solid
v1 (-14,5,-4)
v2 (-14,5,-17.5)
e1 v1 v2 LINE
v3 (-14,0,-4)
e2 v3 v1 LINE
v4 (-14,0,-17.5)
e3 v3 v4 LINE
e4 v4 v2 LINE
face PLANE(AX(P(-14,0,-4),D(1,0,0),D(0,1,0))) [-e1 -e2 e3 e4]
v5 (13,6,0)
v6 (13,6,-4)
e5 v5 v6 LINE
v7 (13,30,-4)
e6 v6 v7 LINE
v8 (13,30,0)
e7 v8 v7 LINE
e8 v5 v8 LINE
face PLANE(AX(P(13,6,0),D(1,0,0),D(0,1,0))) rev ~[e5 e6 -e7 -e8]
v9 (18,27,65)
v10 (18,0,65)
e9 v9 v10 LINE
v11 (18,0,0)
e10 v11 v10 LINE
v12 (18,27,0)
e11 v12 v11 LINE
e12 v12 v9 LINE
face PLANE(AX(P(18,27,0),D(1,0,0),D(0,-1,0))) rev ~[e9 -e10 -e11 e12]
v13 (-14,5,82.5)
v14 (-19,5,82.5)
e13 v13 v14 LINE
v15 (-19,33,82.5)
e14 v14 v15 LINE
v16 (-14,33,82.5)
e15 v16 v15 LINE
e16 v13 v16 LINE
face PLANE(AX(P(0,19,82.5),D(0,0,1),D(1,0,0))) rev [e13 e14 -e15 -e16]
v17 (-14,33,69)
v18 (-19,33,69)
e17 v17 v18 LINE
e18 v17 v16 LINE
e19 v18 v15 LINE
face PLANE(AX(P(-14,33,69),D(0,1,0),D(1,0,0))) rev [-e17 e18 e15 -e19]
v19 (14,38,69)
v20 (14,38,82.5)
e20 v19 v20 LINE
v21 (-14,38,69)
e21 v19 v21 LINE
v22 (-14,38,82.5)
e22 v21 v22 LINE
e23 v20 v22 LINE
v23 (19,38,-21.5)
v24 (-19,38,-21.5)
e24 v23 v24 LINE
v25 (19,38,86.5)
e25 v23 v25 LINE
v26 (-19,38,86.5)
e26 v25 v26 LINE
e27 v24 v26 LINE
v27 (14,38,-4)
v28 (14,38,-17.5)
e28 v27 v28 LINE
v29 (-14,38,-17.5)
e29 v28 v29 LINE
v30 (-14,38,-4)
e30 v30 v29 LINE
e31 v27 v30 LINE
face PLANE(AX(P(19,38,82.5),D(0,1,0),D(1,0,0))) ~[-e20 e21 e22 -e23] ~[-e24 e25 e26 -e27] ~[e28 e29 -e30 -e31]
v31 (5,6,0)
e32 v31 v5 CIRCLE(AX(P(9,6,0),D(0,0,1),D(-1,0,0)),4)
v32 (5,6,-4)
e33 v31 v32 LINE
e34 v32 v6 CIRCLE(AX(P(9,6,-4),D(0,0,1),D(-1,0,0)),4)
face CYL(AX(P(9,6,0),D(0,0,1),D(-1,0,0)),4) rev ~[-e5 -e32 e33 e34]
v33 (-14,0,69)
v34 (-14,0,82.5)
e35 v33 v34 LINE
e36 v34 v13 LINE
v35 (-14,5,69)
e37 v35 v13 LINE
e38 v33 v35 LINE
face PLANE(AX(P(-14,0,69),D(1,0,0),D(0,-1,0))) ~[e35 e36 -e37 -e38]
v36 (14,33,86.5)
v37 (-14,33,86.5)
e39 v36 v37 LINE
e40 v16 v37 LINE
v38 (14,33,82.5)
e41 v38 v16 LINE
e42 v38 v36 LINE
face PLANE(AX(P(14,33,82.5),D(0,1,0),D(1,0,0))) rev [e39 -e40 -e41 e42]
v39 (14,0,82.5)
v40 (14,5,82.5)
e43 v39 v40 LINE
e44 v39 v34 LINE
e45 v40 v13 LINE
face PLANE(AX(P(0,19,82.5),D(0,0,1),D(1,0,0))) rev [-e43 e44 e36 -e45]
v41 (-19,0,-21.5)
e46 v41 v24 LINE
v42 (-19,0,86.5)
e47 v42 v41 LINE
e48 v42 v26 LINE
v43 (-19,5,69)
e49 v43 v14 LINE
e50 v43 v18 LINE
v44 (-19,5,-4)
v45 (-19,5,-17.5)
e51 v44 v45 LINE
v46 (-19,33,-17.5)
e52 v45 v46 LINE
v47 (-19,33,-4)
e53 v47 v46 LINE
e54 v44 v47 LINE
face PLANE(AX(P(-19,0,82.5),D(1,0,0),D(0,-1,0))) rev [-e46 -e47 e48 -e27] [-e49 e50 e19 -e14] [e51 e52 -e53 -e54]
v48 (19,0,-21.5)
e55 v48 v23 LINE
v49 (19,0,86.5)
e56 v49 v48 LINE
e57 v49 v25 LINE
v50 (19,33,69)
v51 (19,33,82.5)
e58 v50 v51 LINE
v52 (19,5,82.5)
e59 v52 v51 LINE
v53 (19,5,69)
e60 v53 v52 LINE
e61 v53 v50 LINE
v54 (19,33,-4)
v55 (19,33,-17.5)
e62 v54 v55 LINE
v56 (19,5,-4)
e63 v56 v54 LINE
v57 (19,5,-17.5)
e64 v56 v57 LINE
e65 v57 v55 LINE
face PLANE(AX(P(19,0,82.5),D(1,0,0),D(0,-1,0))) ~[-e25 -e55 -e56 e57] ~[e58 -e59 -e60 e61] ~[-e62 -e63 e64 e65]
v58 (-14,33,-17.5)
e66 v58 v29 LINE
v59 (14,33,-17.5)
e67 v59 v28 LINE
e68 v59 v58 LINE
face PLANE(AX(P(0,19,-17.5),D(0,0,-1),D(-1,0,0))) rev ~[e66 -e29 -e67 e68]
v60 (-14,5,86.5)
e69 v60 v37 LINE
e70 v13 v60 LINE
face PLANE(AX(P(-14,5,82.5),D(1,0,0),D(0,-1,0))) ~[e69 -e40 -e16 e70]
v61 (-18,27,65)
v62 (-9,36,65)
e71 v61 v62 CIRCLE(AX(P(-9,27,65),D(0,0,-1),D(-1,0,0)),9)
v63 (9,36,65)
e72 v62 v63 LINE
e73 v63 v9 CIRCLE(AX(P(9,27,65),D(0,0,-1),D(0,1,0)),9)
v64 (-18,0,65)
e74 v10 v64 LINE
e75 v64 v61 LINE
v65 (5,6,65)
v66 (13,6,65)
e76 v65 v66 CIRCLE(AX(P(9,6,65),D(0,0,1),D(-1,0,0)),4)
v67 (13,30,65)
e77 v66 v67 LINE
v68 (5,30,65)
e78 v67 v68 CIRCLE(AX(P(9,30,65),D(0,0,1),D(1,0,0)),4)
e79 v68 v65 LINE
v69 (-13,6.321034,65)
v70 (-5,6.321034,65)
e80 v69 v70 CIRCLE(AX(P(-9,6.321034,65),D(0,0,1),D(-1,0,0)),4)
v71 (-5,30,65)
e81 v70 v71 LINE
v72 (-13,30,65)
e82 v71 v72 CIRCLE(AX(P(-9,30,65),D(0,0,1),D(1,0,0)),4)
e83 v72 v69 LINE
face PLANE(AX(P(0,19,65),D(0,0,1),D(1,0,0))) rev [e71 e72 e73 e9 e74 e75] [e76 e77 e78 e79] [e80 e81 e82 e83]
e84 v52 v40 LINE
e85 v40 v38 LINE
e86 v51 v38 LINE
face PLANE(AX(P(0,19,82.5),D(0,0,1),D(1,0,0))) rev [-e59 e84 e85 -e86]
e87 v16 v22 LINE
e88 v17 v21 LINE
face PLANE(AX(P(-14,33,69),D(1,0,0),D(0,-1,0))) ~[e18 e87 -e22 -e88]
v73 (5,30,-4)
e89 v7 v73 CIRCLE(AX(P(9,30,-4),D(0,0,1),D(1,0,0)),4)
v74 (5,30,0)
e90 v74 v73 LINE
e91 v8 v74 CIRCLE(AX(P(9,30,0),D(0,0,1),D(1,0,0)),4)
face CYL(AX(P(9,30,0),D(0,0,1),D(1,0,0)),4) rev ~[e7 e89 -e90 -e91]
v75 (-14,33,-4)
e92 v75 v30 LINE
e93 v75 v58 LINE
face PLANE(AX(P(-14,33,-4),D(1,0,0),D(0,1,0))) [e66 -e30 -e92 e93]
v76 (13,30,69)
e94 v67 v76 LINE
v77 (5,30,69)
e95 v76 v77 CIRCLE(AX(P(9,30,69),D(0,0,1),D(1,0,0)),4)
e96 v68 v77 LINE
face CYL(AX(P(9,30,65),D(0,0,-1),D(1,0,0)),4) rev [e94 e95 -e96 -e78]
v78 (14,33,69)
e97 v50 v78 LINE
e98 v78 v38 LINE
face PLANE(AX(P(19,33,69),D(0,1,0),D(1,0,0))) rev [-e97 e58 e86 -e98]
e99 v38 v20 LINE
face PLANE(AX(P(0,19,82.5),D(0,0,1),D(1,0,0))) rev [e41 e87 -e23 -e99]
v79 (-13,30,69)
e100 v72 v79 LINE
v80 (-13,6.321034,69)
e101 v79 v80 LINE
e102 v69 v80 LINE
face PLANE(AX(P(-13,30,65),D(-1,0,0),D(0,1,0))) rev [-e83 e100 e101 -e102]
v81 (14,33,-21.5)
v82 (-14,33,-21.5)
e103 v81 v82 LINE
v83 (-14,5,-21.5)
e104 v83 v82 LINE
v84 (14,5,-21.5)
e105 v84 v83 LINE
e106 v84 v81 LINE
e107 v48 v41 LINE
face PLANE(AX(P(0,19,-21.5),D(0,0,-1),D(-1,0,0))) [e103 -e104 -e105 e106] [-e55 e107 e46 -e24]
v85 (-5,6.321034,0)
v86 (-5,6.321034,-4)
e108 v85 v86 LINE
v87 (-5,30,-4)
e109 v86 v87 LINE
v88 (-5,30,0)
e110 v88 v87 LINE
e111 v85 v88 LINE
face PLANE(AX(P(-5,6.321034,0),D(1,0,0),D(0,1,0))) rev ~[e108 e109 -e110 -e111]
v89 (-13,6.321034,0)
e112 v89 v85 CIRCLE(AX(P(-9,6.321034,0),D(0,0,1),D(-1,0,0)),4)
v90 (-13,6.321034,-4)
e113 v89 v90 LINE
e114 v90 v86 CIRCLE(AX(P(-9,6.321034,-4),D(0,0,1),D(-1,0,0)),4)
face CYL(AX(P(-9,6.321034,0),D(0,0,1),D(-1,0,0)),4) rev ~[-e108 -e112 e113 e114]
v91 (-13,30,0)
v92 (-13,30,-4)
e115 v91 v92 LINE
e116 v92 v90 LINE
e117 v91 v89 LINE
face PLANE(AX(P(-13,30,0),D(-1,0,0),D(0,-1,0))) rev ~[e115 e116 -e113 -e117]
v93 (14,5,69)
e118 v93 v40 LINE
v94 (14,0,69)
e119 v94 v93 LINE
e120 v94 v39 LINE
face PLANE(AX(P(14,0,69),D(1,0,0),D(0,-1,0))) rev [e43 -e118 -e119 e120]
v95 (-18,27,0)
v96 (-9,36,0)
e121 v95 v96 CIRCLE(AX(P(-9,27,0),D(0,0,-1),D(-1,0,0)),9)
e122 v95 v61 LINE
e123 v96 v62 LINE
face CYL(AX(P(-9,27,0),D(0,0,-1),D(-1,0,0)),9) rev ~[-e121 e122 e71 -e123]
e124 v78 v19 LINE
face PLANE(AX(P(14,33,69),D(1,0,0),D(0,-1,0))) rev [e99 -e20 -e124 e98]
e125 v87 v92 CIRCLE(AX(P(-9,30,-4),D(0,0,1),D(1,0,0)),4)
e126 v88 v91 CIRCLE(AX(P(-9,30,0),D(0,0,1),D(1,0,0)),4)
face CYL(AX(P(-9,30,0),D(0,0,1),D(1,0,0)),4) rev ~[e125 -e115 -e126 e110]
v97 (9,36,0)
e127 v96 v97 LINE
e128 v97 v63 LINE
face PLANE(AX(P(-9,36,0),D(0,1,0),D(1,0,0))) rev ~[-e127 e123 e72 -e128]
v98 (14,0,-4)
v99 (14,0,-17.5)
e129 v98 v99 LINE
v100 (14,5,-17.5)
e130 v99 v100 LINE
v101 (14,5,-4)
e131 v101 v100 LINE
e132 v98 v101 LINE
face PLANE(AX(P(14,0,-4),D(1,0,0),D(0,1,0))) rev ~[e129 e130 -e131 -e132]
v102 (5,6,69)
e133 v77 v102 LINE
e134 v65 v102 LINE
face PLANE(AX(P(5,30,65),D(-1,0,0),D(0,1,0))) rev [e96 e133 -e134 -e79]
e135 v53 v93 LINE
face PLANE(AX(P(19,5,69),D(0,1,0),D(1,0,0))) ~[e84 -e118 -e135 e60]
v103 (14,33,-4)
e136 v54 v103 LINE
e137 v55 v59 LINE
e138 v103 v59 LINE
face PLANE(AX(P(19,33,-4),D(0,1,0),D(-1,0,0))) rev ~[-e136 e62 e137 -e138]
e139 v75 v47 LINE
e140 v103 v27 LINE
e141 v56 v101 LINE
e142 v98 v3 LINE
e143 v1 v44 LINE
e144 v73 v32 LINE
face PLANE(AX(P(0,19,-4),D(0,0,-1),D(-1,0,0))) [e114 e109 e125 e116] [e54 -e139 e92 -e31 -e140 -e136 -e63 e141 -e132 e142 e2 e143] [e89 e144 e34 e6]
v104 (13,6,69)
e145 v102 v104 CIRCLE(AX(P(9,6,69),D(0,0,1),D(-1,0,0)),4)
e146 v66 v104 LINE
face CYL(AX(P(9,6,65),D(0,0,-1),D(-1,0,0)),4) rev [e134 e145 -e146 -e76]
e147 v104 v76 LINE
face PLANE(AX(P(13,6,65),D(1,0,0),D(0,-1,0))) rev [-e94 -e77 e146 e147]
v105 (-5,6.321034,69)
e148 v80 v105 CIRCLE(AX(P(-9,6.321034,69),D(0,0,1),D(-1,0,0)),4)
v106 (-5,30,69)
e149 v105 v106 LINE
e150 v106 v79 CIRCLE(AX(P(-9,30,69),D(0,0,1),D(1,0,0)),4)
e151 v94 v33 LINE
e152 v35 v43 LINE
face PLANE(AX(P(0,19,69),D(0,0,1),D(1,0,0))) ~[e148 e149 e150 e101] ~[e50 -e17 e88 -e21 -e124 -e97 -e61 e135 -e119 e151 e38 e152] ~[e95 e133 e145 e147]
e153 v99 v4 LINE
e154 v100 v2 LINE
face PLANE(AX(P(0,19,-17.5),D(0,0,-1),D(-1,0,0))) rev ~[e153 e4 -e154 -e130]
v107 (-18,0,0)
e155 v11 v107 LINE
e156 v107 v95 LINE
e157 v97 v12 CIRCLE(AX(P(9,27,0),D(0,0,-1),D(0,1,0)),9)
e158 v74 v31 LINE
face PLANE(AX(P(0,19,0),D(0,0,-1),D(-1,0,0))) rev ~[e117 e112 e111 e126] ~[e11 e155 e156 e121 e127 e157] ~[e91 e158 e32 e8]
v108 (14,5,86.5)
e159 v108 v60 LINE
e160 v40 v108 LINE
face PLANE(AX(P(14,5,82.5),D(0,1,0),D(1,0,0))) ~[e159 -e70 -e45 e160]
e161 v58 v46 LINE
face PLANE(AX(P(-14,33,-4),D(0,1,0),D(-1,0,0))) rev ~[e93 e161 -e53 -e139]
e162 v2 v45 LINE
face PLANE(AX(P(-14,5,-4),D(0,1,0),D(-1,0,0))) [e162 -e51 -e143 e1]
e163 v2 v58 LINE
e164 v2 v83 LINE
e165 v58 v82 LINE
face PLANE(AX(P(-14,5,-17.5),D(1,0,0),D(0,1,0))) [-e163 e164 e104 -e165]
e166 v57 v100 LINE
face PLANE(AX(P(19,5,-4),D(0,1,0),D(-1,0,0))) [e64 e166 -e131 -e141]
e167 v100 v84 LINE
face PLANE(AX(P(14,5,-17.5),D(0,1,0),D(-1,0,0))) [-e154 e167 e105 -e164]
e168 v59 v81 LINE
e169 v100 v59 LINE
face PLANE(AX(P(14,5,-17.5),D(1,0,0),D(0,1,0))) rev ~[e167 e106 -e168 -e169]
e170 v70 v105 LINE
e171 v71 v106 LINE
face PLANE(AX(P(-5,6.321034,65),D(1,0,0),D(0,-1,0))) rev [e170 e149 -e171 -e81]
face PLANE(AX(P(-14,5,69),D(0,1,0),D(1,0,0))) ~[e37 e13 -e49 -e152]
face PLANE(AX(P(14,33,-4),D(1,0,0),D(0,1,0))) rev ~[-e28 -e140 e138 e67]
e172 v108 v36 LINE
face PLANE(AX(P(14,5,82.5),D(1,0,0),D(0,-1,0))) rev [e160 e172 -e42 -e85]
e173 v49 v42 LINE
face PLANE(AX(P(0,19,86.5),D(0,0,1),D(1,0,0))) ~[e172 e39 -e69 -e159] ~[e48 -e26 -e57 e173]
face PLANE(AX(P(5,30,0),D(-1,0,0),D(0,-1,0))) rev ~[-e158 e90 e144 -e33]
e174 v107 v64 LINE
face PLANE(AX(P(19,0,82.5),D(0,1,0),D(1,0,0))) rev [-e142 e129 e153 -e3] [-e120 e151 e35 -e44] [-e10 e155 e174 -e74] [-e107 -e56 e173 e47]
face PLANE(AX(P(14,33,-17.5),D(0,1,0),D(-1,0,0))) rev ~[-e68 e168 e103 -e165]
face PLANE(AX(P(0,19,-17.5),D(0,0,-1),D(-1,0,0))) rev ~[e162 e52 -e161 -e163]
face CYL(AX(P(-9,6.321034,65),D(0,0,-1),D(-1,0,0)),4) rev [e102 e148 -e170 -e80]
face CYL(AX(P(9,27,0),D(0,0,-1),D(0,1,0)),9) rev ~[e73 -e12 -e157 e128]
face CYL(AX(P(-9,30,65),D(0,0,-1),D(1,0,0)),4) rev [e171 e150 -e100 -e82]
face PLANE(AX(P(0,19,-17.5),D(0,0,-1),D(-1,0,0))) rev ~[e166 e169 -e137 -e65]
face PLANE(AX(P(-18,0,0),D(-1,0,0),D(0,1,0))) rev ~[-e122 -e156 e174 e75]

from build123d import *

# Parameters (mm, degrees)
RESSALTO_EXTRUS_O1_DEPTH = 65
ESBO_O2_W                = 38
ESBO_O2_H                = 38
RESSALTO_EXTRUS_O2_DEPTH = 4
ESBO_O4_W                = 5
ESBO_O4_H                = 5
RESSALTO_EXTRUS_O3_DEPTH = 13.5
ESBO_O5_W                = 38
ESBO_O5_H                = 38
ESBO_O5_W_2              = 28
ESBO_O5_H_2              = 28
RESSALTO_EXTRUS_O4_DEPTH = 4


with BuildPart() as part:
    # Esboço1 → Ressalto-extrusão1 (new body)
    with BuildSketch(Plane.XY):
        with BuildLine():
            Line((18, 0), (19, 0))
            Line((19, 0), (19, 38))
            Line((19, 38), (-19, 38))
            Line((-19, 38), (-19, 0))
            Line((-19, 0), (-18, 0))
            Line((-18, 0), (-18, 9))
            Line((-18, 9), (-18, 27))
            ThreePointArc((-18, 27), (-15.363961031, 33.363961031), (-9, 36))
            Line((-9, 36), (9, 36))
            ThreePointArc((9, 36), (15.363961031, 33.363961031), (18, 27))
            Line((18, 27), (18, 0))
        make_face()
    extrude(amount=RESSALTO_EXTRUS_O1_DEPTH)

    # Esboço2 → Ressalto-extrusão2 (add)
    with BuildSketch(Plane(origin=(0, 0, 0), x_dir=(-1, 0, 0), z_dir=(0, 0, -1))):
        with Locations((0, 19)):
            Rectangle(ESBO_O2_W, ESBO_O2_H)
        with BuildLine():
            Line((-5, 30), (-5, 6))
            ThreePointArc((-5, 6), (-9, 2), (-13, 6))
            Line((-13, 6), (-13, 30))
            ThreePointArc((-13, 30), (-9, 34), (-5, 30))
        make_face(mode=Mode.SUBTRACT)
        with BuildLine():
            Line((13, 30), (13, 6.321034479))
            ThreePointArc((13, 6.321034479), (9, 2.321034479), (5, 6.321034479))
            Line((5, 6.321034479), (5, 30))
            ThreePointArc((5, 30), (9, 34), (13, 30))
        make_face(mode=Mode.SUBTRACT)
    ressalto_extrus_o2 = extrude(amount=RESSALTO_EXTRUS_O2_DEPTH)

    # Esboço4 → Ressalto-extrusão3 (add)
    with BuildSketch(Plane(origin=(0, 0, -4), x_dir=(-1, 0, 0), z_dir=(0, 0, -1))):
        with Locations((16.5, 35.5)):
            Rectangle(ESBO_O4_W, ESBO_O4_H)
        with Locations((16.5, 2.5)):
            Rectangle(ESBO_O4_W, ESBO_O4_H)
        with Locations((-16.5, 35.5)):
            Rectangle(ESBO_O4_W, ESBO_O4_H)
        with Locations((-16.5, 2.5)):
            Rectangle(ESBO_O4_W, ESBO_O4_H)
    ressalto_extrus_o3 = extrude(amount=RESSALTO_EXTRUS_O3_DEPTH)

    # Esboço5 → Ressalto-extrusão4 (add)
    with BuildSketch(Plane(origin=(0, 0, -17.5), x_dir=(-1, 0, 0), z_dir=(0, 0, -1))):
        with Locations((0, 19)):
            Rectangle(ESBO_O5_W, ESBO_O5_H)
        with Locations((0, 19)):
            Rectangle(ESBO_O5_W_2, ESBO_O5_H_2, mode=Mode.SUBTRACT)
    ressalto_extrus_o4 = extrude(amount=RESSALTO_EXTRUS_O4_DEPTH)

    # Espelhar1: Ressalto-extrusão2, Ressalto-extrusão3, Ressalto-extrusão4 across plane
    add(ressalto_extrus_o2.mirror(Plane.XY.offset(32.5)))
    add(ressalto_extrus_o3.mirror(Plane.XY.offset(32.5)))
    add(ressalto_extrus_o4.mirror(Plane.XY.offset(32.5)))


solid = part.part
